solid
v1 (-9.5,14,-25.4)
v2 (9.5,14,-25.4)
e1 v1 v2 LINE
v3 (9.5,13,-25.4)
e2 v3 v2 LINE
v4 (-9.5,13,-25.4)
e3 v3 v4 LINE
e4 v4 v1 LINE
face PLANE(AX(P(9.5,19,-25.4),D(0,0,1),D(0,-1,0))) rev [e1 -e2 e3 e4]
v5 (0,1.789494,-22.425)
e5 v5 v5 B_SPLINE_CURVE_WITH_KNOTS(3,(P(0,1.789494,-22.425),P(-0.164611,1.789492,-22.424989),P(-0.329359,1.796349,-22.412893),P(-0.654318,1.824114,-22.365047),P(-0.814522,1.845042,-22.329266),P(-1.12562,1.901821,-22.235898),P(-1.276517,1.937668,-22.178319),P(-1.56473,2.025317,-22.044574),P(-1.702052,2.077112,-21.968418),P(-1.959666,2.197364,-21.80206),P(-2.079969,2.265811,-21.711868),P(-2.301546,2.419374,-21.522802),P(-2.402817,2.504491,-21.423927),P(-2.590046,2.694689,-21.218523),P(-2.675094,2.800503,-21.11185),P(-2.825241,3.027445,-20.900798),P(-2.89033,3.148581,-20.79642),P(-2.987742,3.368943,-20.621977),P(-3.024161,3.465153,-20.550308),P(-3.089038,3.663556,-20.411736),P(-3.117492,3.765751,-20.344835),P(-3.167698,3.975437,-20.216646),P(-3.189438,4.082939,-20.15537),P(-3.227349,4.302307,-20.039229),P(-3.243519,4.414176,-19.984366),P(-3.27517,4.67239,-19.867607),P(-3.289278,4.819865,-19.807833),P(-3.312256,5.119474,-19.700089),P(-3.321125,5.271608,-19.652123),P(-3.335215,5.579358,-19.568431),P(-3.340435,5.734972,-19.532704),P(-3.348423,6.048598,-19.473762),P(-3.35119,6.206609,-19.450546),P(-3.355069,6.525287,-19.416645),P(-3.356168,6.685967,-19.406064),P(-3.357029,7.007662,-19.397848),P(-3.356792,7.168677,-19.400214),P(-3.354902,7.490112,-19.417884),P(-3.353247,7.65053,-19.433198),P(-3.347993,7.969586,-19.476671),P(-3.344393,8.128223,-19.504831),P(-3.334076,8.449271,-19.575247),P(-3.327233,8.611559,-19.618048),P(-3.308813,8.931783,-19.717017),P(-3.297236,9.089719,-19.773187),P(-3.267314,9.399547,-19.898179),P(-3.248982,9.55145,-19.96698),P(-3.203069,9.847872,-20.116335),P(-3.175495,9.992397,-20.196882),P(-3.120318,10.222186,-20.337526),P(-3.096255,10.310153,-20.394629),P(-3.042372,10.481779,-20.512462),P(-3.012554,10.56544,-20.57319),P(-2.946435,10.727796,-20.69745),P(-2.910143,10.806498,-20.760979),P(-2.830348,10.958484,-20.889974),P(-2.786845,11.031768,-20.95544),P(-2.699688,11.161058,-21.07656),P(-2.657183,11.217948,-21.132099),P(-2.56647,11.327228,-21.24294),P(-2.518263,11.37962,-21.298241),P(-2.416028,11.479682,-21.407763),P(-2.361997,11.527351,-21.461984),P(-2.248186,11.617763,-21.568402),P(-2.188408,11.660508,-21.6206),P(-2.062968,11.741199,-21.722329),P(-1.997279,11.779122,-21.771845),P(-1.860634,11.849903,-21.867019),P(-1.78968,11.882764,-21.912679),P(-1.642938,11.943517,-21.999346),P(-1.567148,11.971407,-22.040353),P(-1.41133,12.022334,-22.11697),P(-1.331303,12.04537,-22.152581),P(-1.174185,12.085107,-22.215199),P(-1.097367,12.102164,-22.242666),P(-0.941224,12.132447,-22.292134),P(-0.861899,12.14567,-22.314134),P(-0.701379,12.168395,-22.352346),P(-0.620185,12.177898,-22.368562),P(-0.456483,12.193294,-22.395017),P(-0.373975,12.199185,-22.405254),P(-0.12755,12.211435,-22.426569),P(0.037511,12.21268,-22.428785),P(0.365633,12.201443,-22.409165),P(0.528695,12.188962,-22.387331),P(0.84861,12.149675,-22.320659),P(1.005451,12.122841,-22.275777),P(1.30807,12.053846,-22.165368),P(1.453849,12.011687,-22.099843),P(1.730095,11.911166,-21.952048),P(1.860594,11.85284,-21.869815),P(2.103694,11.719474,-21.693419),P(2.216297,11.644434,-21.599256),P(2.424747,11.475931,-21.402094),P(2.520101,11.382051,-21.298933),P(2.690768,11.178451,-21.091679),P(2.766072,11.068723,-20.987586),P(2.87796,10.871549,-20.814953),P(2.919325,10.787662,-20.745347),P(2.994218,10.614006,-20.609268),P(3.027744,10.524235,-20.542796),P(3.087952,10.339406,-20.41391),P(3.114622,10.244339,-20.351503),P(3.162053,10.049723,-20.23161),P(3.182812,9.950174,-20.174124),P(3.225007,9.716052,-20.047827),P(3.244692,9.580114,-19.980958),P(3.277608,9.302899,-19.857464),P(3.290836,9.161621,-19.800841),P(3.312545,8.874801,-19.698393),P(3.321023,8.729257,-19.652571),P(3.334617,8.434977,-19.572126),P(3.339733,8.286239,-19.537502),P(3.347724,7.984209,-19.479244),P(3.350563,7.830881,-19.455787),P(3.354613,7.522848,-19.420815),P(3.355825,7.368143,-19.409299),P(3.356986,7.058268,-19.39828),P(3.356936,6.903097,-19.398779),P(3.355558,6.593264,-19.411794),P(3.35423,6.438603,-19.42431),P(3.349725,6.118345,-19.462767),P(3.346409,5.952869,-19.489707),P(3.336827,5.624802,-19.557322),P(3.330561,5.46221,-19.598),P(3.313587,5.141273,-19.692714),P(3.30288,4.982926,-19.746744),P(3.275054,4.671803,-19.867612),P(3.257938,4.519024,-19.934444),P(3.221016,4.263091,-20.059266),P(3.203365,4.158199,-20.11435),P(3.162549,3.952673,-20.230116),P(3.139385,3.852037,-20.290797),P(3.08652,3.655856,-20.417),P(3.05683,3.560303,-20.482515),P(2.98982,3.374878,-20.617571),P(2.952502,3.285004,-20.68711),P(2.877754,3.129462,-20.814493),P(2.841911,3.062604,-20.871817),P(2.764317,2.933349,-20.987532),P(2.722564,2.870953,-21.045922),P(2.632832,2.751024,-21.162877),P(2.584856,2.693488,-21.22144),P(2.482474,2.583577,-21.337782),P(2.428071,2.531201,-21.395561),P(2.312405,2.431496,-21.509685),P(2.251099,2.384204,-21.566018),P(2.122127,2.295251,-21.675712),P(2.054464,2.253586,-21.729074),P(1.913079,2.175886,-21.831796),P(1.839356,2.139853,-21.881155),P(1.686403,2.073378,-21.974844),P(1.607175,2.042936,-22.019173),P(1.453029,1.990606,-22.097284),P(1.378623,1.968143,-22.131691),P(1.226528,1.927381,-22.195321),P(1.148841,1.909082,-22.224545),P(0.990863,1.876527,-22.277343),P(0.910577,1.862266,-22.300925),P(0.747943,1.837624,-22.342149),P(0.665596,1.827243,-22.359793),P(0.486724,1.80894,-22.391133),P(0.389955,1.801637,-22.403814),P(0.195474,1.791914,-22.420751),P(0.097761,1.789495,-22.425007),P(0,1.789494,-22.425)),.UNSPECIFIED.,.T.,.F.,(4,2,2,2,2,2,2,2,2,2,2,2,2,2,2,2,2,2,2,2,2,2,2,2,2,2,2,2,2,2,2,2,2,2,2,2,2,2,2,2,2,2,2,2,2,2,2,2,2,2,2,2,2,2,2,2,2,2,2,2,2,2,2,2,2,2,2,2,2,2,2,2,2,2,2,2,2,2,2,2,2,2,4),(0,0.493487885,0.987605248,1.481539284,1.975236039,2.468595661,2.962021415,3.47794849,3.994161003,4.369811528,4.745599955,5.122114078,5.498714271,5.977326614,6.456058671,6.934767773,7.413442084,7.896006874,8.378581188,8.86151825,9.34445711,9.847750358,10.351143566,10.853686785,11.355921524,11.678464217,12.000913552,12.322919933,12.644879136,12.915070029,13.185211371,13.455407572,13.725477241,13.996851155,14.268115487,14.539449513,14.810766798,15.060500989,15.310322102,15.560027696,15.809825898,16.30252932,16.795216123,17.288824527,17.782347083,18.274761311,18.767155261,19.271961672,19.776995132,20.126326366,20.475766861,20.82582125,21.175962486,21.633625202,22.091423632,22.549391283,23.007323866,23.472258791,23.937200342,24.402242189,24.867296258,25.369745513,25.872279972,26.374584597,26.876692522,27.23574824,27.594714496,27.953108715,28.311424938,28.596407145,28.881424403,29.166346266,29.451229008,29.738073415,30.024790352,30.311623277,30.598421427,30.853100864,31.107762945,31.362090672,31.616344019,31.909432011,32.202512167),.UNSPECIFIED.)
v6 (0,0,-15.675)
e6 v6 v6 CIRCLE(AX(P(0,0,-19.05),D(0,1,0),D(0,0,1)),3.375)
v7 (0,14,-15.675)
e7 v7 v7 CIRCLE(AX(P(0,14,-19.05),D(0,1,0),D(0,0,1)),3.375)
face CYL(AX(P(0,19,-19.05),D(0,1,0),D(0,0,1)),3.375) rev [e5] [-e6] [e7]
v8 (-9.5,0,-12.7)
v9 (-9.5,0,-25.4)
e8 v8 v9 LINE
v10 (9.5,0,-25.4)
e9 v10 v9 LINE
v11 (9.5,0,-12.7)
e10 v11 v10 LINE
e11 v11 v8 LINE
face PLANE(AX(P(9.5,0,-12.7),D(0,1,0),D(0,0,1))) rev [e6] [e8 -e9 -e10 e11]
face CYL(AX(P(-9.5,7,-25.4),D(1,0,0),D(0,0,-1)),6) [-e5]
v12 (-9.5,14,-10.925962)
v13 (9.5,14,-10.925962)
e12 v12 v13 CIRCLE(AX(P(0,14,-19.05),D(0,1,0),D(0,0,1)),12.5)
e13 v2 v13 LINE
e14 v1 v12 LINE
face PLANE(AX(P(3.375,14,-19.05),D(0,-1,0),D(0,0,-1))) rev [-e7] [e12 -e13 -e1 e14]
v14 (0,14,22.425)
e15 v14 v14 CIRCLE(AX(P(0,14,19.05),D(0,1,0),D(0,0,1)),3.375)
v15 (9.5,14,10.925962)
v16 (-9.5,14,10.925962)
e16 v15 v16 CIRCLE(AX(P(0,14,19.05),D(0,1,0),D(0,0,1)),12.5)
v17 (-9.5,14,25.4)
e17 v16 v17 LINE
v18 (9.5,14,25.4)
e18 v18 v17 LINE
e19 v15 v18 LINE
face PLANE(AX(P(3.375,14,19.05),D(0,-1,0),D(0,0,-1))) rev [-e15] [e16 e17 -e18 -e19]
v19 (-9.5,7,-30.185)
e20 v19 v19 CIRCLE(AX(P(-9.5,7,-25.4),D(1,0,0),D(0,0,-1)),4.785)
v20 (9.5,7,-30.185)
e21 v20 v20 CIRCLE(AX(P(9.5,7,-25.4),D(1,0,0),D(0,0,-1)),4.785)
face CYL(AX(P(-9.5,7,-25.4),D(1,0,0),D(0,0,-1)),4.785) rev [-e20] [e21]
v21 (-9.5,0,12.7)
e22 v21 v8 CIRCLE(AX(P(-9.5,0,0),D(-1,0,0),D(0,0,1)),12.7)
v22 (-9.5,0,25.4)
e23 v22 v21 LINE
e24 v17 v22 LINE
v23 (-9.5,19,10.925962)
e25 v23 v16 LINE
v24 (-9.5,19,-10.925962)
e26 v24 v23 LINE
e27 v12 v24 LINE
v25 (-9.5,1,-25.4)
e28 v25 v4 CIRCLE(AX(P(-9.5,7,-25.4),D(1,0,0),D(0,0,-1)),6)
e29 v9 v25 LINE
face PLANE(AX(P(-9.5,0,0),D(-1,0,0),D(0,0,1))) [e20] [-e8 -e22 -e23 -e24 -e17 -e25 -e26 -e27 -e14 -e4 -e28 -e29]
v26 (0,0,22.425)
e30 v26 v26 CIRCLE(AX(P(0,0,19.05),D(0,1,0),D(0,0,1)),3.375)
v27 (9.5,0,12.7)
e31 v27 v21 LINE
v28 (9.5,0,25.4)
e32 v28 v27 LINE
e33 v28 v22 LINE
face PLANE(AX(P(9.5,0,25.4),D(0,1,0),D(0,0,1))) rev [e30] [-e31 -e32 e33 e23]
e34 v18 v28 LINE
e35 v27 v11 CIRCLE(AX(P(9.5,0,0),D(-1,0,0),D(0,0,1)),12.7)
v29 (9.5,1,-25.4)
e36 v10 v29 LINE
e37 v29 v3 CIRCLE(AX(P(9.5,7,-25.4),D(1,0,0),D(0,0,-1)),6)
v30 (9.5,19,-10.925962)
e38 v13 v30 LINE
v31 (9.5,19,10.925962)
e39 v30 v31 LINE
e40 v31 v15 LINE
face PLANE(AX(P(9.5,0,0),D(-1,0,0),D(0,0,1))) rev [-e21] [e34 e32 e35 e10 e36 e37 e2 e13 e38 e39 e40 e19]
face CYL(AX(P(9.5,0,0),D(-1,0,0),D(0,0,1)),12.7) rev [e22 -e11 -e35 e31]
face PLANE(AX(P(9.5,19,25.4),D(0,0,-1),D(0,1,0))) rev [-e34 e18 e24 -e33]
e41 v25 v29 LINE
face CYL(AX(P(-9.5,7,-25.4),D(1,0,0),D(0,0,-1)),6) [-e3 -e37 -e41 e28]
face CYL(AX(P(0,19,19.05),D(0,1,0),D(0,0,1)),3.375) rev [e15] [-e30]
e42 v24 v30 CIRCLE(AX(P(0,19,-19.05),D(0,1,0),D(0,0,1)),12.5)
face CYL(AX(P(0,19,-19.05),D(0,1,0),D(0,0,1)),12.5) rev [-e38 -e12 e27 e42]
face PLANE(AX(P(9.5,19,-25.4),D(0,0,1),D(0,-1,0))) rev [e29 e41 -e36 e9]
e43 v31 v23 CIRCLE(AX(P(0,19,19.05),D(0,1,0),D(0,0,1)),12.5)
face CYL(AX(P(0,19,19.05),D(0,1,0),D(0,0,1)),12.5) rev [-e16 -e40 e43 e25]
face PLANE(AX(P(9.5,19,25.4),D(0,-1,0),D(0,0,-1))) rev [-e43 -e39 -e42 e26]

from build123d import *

# Parameters (mm, degrees)
BOSS_EXTRUDE1_DEPTH                      = 9.5
CBORE_FOR_M12_HEX_HEAD_BOLT3_D           = 6.75
CBORE_FOR_M12_HEX_HEAD_BOLT3_CBORE_D     = 25
CBORE_FOR_M12_HEX_HEAD_BOLT3_CBORE_DEPTH = 5
SKETCH6_R                                = 4.785
CUT_EXTRUDE1_DEPTH                       = 19
SKETCH6_3_R                              = 6
SKETCH6_3_R_2                            = 4.785
BOSS_EXTRUDE2_DEPTH                      = 19


with BuildPart() as part:
    # Sketch1 → Boss-Extrude1 (new, symmetric)
    with BuildSketch(Plane(origin=(0, 0, 0), x_dir=(0, 0, -1), z_dir=(1, 0, 0))):
        with BuildLine():
            Line((12.7, 0), (25.4, 0))
            Line((25.4, 0), (25.4, 19))
            Line((25.4, 19), (-25.4, 19))
            Line((-25.4, 19), (-25.4, 0))
            Line((-25.4, 0), (-12.7, 0))
            ThreePointArc((-12.7, 0), (0, 12.7), (12.7, 0))
        make_face()
    extrude(amount=BOSS_EXTRUDE1_DEPTH, both=True)

    # CBORE for M12 Hex Head Bolt3 (through all)
    with Locations(Plane(origin=(0, 19, 0), x_dir=(1, 0, 0), z_dir=(0, 1, 0))):
        with Locations((0, 19.05), (0, -19.05)):
            CounterBoreHole(CBORE_FOR_M12_HEX_HEAD_BOLT3_D / 2, CBORE_FOR_M12_HEX_HEAD_BOLT3_CBORE_D / 2, CBORE_FOR_M12_HEX_HEAD_BOLT3_CBORE_DEPTH)

    # Sketch6 → Cut-Extrude1 (cut)
    with BuildSketch(Plane(origin=(9.5, 0, 0), x_dir=(0, 0, -1), z_dir=(1, 0, 0))):
        with Locations((25.4, 7)):
            Circle(SKETCH6_R)
    extrude(amount=-CUT_EXTRUDE1_DEPTH, mode=Mode.SUBTRACT)

    # Sketch6<3> → Boss-Extrude2 (add)
    with BuildSketch(Plane(origin=(9.5, 0, 0), x_dir=(0, 0, -1), z_dir=(1, 0, 0))):
        with Locations((25.4, 7)):
            Circle(SKETCH6_3_R)
        with Locations((25.4, 7)):
            Circle(SKETCH6_3_R_2, mode=Mode.SUBTRACT)
    extrude(amount=-BOSS_EXTRUDE2_DEPTH)


solid = part.part
